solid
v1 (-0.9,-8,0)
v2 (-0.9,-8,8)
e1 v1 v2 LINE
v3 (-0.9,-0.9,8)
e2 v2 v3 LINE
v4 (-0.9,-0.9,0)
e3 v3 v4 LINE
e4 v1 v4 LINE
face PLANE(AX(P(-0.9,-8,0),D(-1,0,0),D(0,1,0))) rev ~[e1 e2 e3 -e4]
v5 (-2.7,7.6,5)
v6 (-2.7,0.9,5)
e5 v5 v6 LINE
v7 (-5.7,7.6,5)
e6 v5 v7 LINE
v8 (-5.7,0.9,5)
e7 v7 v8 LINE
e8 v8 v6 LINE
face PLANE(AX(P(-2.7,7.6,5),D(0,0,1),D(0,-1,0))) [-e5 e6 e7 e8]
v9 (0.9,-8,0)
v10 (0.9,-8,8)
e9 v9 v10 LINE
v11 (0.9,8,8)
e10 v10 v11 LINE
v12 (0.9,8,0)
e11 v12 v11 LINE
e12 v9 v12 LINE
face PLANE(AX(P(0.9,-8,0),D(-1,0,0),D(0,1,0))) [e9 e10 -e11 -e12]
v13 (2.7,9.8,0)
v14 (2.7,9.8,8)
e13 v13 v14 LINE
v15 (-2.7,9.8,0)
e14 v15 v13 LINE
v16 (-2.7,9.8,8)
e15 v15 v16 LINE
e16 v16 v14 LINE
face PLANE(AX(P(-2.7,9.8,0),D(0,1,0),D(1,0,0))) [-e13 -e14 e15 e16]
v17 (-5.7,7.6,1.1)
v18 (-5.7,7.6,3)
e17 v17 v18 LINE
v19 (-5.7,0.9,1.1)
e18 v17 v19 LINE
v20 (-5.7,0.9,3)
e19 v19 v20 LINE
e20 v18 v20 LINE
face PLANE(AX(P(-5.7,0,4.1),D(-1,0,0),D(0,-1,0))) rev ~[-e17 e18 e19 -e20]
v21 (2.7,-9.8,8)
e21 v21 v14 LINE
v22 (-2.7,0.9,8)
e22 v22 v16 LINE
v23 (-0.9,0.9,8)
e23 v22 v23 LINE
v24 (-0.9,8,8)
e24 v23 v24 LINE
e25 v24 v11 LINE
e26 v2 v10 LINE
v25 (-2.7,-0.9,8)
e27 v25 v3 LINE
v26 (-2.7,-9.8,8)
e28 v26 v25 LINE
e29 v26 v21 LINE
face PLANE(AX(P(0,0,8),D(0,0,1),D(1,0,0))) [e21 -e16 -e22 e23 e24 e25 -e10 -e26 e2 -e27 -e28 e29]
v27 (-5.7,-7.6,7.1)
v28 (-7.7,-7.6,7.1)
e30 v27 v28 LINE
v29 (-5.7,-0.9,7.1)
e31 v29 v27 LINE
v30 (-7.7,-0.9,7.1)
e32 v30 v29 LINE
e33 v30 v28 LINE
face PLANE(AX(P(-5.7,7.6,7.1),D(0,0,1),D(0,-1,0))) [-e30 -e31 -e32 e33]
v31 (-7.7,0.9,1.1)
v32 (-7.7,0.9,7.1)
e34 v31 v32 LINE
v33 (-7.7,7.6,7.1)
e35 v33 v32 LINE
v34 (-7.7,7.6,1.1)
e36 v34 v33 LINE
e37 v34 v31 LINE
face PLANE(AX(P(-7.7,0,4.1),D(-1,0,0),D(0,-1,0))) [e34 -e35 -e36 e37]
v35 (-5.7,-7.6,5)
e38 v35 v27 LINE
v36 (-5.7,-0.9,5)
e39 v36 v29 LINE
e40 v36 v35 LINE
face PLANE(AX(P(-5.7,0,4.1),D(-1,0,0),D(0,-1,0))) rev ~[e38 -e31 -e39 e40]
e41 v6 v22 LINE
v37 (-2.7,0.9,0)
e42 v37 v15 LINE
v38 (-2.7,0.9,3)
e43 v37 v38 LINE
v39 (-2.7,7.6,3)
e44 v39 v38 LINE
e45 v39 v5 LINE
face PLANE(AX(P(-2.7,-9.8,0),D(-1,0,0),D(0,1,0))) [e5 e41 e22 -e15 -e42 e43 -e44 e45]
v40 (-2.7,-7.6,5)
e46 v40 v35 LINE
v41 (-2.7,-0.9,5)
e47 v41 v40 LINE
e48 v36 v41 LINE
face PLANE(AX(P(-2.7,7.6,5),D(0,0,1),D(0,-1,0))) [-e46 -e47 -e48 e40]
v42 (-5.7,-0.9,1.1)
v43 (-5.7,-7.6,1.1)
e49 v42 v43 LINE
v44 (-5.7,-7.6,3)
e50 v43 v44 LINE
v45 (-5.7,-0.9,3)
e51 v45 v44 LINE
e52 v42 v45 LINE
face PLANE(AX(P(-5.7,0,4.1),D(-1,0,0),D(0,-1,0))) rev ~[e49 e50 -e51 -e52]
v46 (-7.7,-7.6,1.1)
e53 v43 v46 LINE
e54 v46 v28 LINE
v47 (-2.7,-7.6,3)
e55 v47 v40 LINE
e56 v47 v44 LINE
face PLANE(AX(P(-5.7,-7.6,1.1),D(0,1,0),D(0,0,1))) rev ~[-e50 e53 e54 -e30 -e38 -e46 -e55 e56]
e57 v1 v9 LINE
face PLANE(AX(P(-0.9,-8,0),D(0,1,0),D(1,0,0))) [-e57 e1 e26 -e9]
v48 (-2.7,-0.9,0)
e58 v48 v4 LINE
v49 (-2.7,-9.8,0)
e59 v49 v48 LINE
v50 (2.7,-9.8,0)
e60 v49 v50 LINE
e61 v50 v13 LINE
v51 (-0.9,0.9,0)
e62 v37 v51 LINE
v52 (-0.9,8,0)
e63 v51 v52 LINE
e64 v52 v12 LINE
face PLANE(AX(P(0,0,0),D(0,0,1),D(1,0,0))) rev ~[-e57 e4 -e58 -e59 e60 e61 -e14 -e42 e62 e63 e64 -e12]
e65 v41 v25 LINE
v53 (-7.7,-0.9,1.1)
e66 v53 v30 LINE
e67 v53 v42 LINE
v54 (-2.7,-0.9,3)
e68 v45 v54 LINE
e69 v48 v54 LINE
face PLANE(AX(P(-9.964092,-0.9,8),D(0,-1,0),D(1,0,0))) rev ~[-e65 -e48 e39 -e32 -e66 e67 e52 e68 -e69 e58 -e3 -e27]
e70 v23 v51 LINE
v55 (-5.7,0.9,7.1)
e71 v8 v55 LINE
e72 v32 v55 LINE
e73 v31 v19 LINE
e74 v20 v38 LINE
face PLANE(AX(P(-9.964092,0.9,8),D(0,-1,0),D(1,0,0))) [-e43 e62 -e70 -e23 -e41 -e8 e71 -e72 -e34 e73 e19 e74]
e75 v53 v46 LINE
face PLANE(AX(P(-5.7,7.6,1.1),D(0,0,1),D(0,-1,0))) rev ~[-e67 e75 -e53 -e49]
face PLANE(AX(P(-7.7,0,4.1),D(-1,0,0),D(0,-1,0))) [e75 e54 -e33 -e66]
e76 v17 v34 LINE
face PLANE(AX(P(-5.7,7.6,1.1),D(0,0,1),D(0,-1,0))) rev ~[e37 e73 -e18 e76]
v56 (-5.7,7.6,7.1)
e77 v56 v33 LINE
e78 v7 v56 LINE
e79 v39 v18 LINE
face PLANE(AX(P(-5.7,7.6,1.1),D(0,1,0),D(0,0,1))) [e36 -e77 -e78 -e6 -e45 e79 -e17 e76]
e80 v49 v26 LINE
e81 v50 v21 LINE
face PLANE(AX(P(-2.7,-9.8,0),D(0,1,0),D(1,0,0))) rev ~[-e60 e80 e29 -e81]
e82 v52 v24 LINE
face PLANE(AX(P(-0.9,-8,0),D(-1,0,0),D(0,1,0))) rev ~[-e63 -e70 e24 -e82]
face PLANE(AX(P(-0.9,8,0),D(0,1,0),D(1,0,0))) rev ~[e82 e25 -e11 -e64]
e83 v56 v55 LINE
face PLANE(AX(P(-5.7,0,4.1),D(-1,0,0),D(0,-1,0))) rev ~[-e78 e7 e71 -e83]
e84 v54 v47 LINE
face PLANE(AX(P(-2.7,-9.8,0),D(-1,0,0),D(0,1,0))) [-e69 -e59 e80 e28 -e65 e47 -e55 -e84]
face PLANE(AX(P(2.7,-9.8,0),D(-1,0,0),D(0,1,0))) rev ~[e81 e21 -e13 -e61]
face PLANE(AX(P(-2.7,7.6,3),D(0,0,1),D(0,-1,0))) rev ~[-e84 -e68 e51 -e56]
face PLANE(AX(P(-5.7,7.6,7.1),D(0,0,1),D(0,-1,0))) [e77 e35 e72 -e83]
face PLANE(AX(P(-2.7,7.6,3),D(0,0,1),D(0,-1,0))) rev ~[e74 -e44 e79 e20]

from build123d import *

# Parameters (mm, degrees)
F0_W     = 5.4
F0_H     = 19.6
F0_W_2   = 1.8
F0_H_2   = 16
F1_DEPTH = 8
F2_W     = 15.2
F2_H     = 2
F3_DEPTH = 3
F4_W     = 15.2
F4_H     = 6
F5_DEPTH = 2
F6_W     = 9.064092
F6_H     = 1.8
F7_DEPTH = 8.001


with BuildPart() as f1:
    # F0 (on Top) → F1 (new body)
    with BuildSketch(Plane.XY):
        Rectangle(F0_W, F0_H)
        Rectangle(F0_W_2, F0_H_2, mode=Mode.SUBTRACT)
    extrude(amount=F1_DEPTH)

    # F2 (on face) → F3 (join)
    with BuildSketch(Plane(origin=(-2.7, 0, 0), x_dir=(0, -1, 0), z_dir=(-1, 0, 0))):
        with Locations((0, 4)):
            Rectangle(F2_W, F2_H)
    extrude(amount=F3_DEPTH)

    # F4 (on face) → F5 (join)
    with BuildSketch(Plane(origin=(-5.7, 0, 0), x_dir=(0, -1, 0), z_dir=(-1, 0, 0))):
        with Locations((0, 4.1)):
            Rectangle(F4_W, F4_H)
    extrude(amount=F5_DEPTH)

    # F6 (on face) → F7 (cut, through all)
    with BuildSketch(Plane.XY.offset(8)):
        with Locations((-5.432046, 0)):
            Rectangle(F6_W, F6_H)
    extrude(amount=-F7_DEPTH, mode=Mode.SUBTRACT)


solid = f1.part
